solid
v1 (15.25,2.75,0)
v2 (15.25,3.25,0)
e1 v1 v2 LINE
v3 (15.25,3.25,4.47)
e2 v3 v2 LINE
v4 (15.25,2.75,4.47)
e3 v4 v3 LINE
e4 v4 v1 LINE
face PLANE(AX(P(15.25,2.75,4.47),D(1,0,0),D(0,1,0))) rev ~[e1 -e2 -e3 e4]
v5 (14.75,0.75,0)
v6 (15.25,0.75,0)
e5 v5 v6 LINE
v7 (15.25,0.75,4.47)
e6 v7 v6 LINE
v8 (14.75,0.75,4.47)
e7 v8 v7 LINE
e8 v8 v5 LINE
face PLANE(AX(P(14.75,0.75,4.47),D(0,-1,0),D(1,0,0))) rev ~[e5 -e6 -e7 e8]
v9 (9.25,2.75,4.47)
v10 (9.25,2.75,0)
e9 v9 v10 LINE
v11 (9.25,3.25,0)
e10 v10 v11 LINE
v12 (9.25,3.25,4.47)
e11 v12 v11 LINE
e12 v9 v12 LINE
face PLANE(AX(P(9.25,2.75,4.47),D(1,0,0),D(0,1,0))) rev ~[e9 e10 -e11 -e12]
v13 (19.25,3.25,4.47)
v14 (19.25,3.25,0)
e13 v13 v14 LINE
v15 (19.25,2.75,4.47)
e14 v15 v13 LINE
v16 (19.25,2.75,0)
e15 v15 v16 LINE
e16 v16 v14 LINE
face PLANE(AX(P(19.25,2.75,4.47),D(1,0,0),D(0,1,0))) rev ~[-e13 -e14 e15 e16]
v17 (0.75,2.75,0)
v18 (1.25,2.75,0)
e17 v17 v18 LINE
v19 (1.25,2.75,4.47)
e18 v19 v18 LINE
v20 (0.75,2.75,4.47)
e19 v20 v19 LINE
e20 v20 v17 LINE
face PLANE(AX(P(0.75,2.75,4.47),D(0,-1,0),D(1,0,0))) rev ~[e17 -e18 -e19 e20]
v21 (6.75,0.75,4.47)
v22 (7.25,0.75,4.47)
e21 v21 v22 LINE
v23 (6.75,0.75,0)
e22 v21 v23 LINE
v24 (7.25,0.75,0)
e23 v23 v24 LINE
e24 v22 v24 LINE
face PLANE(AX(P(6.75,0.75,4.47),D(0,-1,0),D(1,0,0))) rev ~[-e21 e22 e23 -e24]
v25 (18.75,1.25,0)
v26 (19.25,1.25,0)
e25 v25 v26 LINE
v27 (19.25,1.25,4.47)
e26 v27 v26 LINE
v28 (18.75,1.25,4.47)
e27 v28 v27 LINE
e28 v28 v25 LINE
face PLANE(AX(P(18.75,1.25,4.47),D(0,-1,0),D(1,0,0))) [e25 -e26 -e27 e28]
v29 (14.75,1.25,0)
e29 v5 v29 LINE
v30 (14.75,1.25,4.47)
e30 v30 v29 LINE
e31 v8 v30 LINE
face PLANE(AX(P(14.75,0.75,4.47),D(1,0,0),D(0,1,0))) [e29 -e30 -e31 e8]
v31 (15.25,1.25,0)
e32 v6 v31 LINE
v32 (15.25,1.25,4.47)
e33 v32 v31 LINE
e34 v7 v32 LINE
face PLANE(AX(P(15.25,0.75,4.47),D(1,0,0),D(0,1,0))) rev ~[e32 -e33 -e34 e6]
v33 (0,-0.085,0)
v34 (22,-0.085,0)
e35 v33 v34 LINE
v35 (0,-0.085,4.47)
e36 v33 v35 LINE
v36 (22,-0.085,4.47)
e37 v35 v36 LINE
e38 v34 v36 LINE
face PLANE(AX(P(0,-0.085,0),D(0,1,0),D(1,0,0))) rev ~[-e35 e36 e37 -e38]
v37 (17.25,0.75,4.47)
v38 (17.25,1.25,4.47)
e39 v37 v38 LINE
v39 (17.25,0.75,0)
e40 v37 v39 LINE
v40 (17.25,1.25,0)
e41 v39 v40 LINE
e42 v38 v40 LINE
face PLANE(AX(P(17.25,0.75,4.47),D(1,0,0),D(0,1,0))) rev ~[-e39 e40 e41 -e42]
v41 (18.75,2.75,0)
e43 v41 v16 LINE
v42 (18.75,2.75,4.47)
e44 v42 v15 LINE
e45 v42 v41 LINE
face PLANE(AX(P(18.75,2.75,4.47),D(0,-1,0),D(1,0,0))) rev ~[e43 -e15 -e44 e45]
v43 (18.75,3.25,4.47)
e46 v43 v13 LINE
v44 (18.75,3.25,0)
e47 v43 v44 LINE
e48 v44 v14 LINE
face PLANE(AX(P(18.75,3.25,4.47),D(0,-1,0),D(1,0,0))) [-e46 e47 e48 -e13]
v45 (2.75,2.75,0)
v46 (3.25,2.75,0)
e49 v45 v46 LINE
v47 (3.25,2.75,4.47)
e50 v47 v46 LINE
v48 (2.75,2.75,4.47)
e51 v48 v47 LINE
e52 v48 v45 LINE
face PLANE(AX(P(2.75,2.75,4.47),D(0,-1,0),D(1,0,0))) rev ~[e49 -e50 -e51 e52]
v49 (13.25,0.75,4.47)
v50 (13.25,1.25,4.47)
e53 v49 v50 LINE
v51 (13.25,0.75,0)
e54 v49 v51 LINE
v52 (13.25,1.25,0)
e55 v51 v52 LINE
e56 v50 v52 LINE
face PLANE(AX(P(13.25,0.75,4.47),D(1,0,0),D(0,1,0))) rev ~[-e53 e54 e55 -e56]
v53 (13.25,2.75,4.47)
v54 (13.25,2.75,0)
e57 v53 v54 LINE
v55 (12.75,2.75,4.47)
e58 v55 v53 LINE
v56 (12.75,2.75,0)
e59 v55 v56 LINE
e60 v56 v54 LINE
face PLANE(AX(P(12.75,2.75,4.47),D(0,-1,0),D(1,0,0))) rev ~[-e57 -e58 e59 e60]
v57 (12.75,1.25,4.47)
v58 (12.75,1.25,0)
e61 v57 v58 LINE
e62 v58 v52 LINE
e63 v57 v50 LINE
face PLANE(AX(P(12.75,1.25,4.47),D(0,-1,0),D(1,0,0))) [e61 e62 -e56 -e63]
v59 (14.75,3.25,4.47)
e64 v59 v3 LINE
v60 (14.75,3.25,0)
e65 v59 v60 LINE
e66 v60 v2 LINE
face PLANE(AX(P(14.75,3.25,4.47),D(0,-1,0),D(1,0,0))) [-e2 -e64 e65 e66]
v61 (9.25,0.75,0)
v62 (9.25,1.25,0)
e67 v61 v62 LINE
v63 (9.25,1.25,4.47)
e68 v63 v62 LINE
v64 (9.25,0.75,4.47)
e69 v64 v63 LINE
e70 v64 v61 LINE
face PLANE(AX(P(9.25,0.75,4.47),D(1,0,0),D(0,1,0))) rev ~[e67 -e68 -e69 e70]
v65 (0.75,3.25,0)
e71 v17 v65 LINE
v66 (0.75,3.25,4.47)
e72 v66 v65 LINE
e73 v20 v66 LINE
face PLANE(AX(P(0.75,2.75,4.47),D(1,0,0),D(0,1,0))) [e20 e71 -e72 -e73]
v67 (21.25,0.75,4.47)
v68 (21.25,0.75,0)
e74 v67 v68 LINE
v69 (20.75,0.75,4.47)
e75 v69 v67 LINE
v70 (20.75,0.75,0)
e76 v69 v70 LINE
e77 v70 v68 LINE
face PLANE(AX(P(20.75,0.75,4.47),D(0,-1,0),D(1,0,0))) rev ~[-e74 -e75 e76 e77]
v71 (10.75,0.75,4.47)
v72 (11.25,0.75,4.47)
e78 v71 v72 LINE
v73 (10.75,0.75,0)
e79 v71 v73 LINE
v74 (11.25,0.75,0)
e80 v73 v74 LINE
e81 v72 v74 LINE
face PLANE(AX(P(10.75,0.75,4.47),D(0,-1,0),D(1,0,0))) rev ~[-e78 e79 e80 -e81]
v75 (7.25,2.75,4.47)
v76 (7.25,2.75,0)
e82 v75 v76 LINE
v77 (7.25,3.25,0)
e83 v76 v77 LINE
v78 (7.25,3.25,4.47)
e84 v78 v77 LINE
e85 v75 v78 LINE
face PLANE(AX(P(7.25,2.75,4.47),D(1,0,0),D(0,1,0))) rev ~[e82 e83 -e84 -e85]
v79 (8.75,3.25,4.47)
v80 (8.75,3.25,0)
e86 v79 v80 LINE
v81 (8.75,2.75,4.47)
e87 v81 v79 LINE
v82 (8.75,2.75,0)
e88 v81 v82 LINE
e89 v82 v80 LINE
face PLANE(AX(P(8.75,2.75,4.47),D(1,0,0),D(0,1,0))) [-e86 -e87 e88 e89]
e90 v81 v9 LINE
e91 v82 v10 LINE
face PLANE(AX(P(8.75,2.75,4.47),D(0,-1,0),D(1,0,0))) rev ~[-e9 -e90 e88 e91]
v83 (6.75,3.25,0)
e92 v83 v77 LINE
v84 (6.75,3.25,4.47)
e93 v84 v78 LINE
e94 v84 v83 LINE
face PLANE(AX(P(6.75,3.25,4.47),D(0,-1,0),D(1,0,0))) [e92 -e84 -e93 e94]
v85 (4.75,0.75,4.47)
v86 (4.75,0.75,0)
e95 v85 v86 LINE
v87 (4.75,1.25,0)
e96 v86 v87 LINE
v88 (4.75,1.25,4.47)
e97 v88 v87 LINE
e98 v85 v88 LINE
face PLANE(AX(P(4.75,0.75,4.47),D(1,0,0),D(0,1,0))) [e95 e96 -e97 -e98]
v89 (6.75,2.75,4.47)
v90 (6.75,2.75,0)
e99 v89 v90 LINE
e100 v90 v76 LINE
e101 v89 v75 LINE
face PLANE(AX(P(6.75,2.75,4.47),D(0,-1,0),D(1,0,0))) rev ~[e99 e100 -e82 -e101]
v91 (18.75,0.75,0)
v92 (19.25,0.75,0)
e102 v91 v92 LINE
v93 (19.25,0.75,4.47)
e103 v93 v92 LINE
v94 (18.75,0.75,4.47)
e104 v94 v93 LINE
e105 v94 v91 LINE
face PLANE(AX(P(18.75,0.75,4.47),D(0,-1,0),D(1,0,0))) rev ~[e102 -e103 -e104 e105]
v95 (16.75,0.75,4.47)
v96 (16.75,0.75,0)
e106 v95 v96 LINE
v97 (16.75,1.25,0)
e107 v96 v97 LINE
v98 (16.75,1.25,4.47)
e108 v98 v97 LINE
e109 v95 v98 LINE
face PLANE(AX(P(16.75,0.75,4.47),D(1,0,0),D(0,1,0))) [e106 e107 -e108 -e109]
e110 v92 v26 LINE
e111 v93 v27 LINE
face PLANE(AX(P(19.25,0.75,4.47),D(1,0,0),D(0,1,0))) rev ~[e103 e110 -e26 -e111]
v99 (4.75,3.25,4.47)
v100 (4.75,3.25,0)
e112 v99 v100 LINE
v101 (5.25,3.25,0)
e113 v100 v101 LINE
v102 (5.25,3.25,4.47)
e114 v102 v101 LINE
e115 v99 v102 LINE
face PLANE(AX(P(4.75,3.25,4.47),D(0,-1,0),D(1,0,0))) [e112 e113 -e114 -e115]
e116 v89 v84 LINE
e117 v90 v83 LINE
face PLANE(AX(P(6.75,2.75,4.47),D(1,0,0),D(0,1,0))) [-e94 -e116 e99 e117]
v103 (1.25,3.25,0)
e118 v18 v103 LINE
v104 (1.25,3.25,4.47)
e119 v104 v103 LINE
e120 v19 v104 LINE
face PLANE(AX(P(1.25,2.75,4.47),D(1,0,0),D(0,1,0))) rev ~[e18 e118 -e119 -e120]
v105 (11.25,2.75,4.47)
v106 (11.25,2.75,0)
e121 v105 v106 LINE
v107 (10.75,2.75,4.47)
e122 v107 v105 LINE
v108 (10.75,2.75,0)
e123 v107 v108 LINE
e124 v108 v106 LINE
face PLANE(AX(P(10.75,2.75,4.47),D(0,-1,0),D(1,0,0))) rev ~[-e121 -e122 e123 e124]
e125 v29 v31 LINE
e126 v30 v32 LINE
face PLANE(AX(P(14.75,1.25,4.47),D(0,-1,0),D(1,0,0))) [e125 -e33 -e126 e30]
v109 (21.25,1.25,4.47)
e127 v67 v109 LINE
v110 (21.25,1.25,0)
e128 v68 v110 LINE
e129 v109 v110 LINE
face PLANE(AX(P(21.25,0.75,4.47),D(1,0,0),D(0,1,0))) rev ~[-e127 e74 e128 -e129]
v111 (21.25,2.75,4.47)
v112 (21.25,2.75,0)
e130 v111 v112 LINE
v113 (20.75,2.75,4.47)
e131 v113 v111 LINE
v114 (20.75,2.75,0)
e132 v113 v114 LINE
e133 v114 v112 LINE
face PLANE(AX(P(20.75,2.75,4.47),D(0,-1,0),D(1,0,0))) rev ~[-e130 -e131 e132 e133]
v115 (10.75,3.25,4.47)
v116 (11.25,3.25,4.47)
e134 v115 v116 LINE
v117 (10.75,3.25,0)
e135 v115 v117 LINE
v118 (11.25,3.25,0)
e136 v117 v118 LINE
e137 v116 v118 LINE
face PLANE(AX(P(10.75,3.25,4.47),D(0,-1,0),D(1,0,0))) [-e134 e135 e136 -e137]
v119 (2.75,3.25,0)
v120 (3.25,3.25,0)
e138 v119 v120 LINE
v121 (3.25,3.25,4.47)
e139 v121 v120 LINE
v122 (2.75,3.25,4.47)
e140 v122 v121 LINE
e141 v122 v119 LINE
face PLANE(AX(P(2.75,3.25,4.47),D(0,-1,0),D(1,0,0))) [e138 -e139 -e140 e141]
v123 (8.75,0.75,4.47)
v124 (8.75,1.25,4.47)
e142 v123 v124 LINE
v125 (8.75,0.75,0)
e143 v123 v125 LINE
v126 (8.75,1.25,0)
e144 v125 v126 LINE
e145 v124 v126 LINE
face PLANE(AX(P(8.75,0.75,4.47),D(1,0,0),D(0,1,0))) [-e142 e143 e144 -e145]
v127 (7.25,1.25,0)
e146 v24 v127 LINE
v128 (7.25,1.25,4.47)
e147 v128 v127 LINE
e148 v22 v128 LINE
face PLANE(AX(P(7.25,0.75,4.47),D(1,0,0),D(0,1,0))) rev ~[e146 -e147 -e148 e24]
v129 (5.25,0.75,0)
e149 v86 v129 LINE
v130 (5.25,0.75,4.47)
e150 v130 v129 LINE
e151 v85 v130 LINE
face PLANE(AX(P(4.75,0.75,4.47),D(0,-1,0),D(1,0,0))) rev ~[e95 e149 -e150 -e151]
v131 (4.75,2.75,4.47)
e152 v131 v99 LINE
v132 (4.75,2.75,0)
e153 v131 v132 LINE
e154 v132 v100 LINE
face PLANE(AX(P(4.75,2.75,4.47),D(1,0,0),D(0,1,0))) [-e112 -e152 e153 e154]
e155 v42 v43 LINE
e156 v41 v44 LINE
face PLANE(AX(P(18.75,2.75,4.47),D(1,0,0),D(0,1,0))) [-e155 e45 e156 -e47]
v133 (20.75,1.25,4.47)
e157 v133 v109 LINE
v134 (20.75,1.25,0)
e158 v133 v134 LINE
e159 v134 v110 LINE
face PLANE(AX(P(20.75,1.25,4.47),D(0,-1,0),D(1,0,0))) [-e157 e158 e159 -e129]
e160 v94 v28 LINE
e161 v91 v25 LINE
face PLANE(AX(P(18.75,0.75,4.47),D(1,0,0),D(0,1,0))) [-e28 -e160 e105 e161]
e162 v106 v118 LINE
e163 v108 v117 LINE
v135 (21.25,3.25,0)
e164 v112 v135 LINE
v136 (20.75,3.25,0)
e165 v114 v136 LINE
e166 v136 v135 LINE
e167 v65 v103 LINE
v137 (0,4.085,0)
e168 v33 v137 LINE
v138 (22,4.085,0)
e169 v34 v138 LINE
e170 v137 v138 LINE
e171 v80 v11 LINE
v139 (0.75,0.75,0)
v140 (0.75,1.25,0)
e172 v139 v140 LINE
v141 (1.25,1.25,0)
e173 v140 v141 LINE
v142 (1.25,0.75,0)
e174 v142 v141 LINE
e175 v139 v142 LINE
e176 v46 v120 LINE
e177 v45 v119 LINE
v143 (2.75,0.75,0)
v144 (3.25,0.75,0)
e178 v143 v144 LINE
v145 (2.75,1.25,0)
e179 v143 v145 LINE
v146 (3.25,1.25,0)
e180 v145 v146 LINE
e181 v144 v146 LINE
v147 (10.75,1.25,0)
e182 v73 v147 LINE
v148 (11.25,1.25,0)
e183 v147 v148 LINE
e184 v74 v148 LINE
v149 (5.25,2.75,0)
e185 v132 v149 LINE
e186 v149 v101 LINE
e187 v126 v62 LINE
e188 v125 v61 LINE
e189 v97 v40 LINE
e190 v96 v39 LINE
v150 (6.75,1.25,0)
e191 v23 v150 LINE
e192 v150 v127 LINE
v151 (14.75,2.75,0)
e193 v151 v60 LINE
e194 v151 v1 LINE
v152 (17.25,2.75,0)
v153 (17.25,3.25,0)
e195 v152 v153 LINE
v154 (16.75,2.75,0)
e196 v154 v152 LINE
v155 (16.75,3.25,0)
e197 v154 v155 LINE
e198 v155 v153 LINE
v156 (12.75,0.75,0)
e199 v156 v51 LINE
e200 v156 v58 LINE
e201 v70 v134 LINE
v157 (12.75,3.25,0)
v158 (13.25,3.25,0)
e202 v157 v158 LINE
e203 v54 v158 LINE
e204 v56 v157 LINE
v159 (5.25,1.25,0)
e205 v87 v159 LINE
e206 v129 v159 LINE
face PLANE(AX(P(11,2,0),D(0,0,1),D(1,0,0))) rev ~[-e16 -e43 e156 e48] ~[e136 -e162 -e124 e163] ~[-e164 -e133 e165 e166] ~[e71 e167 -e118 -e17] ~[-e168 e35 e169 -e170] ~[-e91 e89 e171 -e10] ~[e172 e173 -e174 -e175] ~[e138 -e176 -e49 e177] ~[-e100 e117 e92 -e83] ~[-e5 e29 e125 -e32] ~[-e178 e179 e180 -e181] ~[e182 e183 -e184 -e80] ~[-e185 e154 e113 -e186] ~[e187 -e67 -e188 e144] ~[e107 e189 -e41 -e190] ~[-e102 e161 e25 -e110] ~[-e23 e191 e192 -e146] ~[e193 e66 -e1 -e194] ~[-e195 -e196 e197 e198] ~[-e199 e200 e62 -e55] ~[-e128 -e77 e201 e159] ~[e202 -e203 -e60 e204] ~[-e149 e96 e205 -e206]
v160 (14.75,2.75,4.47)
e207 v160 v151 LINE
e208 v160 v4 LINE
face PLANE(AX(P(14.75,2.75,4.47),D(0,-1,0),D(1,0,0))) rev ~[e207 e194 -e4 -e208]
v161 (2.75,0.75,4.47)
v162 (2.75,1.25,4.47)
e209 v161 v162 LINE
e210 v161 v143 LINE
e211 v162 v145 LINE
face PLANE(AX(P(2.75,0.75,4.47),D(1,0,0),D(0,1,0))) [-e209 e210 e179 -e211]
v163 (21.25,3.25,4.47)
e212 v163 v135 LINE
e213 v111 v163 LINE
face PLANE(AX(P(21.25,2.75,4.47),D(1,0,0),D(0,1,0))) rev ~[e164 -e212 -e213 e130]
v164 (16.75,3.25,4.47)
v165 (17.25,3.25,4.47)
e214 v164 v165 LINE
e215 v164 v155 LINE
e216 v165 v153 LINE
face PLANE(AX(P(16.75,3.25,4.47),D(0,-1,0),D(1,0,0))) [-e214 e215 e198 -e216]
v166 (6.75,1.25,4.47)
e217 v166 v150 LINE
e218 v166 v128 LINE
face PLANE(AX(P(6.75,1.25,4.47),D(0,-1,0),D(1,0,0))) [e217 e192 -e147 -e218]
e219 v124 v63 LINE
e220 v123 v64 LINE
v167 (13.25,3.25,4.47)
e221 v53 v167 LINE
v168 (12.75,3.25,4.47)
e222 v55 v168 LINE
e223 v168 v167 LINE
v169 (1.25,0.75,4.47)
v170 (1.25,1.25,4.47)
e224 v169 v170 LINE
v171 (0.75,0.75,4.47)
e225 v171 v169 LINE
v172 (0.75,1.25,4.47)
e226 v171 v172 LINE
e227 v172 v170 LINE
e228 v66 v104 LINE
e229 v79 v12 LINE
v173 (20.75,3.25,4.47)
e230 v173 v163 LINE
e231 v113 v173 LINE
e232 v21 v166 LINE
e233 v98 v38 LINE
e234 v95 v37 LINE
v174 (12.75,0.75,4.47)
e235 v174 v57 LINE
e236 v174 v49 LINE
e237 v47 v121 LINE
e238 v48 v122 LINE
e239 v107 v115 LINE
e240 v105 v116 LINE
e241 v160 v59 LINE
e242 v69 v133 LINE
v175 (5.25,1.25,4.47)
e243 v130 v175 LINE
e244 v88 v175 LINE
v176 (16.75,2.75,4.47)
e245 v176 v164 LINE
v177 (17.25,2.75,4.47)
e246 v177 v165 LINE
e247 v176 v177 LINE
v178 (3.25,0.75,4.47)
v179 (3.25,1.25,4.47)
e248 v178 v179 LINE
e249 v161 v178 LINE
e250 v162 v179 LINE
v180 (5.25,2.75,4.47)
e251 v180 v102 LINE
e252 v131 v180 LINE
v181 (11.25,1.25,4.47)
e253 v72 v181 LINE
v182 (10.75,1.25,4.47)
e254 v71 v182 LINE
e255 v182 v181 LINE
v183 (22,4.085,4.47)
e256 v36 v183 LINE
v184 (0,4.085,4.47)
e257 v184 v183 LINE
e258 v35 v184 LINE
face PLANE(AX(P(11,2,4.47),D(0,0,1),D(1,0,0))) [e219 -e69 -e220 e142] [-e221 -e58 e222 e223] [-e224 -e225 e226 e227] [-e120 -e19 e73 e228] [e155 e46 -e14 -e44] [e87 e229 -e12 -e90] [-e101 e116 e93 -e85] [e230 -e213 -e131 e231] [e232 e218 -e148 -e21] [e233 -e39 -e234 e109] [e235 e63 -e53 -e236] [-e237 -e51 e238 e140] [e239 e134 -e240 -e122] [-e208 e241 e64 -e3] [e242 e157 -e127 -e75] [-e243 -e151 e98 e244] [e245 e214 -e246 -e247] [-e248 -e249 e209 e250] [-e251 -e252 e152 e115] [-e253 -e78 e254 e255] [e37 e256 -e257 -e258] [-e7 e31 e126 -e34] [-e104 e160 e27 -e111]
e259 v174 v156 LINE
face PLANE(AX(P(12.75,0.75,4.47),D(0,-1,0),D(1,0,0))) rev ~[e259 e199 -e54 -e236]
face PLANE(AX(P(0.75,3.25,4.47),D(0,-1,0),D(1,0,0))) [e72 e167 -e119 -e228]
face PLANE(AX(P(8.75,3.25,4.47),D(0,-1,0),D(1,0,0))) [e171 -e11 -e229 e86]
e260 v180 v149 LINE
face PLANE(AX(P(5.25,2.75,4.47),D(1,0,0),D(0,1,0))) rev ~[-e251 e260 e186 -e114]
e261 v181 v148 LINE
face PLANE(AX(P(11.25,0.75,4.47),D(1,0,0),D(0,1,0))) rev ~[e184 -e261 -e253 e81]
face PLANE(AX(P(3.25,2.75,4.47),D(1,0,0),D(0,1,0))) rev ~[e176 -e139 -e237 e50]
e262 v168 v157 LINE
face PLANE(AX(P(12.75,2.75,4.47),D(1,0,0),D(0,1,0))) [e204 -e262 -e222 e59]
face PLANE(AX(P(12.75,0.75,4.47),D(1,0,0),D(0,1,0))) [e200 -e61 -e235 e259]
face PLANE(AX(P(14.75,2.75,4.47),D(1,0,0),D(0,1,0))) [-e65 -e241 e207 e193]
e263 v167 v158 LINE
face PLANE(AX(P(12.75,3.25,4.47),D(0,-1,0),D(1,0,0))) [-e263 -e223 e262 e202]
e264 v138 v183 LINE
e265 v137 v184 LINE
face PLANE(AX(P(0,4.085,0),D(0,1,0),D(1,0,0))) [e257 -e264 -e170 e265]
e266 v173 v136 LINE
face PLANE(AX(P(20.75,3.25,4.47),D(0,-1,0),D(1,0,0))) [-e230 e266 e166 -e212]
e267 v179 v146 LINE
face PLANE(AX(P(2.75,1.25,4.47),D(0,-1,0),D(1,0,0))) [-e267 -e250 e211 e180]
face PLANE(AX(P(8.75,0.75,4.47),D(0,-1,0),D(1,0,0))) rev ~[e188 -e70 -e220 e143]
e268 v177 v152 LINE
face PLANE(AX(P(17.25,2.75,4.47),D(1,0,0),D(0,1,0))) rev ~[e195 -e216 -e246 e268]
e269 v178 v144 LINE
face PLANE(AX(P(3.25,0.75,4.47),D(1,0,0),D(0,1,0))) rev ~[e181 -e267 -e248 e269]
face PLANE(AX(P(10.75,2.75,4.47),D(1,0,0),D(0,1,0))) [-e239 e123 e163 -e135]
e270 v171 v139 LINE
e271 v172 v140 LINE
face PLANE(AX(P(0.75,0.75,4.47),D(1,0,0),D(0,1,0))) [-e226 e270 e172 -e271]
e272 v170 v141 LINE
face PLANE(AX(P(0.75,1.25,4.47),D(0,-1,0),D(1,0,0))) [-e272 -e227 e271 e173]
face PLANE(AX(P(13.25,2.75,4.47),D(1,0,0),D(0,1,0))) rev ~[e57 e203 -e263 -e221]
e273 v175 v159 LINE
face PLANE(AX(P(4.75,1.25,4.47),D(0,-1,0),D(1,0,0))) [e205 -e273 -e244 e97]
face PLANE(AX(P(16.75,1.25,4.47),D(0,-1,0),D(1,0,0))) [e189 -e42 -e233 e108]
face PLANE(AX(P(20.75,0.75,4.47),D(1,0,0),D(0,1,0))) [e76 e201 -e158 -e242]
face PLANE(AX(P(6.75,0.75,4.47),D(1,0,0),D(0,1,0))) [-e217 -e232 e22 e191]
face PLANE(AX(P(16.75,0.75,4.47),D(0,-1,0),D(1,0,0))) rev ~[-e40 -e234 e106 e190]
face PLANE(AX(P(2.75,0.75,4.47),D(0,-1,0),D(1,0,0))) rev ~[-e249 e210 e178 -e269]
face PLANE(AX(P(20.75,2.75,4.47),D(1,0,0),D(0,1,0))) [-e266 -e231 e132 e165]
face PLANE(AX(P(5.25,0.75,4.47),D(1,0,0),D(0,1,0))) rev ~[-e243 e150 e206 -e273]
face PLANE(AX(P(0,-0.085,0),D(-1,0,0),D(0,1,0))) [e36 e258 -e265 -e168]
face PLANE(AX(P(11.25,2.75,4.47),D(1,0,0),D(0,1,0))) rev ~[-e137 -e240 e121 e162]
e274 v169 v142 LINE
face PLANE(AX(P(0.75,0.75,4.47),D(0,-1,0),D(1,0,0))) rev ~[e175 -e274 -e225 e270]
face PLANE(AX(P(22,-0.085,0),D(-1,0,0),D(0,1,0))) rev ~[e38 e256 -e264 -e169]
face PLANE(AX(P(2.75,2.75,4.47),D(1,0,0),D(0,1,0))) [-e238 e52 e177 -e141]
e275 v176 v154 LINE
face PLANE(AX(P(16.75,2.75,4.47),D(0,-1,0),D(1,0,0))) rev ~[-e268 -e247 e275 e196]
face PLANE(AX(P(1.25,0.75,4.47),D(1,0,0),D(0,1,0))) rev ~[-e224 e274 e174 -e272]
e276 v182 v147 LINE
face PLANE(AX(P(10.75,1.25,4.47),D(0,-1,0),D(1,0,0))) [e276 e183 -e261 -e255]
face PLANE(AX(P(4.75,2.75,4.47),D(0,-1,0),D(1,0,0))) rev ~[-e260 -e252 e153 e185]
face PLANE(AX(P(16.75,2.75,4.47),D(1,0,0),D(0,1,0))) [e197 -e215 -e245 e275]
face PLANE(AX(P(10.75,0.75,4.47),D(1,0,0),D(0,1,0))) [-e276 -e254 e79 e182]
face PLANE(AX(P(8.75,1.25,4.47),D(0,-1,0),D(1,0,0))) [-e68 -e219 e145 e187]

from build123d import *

# Parameters (mm, degrees)
SKETCH1_W           = 22
SKETCH1_H           = 4.17
BOSS_EXTRUDE1_DEPTH = 4.47
SKETCH2_W           = 0.5
SKETCH2_H           = 0.5
CUT_EXTRUDE1_DEPTH  = 4.47


with BuildPart() as part:
    # Sketch1 → Boss-Extrude1 (new body)
    with BuildSketch(Plane.XY):
        with Locations((11, 2)):
            Rectangle(SKETCH1_W, SKETCH1_H)
    extrude(amount=BOSS_EXTRUDE1_DEPTH)

    # Sketch2 → Cut-Extrude1 (cut)
    with BuildSketch(Plane.XY.offset(4.47)):
        with Locations((1, 1)):
            Rectangle(SKETCH2_W, SKETCH2_H)
        with Locations((3, 1)):
            Rectangle(SKETCH2_W, SKETCH2_H)
        with Locations((5, 1)):
            Rectangle(SKETCH2_W, SKETCH2_H)
        with Locations((7, 1)):
            Rectangle(SKETCH2_W, SKETCH2_H)
        with Locations((9, 1)):
            Rectangle(SKETCH2_W, SKETCH2_H)
        with Locations((11, 1)):
            Rectangle(SKETCH2_W, SKETCH2_H)
        with Locations((13, 1)):
            Rectangle(SKETCH2_W, SKETCH2_H)
        with Locations((15, 1)):
            Rectangle(SKETCH2_W, SKETCH2_H)
        with Locations((17, 1)):
            Rectangle(SKETCH2_W, SKETCH2_H)
        with Locations((19, 1)):
            Rectangle(SKETCH2_W, SKETCH2_H)
        with Locations((21, 1)):
            Rectangle(SKETCH2_W, SKETCH2_H)
        with Locations((1, 3)):
            Rectangle(SKETCH2_W, SKETCH2_H)
        with Locations((3, 3)):
            Rectangle(SKETCH2_W, SKETCH2_H)
        with Locations((5, 3)):
            Rectangle(SKETCH2_W, SKETCH2_H)
        with Locations((7, 3)):
            Rectangle(SKETCH2_W, SKETCH2_H)
        with Locations((9, 3)):
            Rectangle(SKETCH2_W, SKETCH2_H)
        with Locations((11, 3)):
            Rectangle(SKETCH2_W, SKETCH2_H)
        with Locations((13, 3)):
            Rectangle(SKETCH2_W, SKETCH2_H)
        with Locations((15, 3)):
            Rectangle(SKETCH2_W, SKETCH2_H)
        with Locations((17, 3)):
            Rectangle(SKETCH2_W, SKETCH2_H)
        with Locations((19, 3)):
            Rectangle(SKETCH2_W, SKETCH2_H)
        with Locations((21, 3)):
            Rectangle(SKETCH2_W, SKETCH2_H)
    extrude(amount=-CUT_EXTRUDE1_DEPTH, mode=Mode.SUBTRACT)


solid = part.part
